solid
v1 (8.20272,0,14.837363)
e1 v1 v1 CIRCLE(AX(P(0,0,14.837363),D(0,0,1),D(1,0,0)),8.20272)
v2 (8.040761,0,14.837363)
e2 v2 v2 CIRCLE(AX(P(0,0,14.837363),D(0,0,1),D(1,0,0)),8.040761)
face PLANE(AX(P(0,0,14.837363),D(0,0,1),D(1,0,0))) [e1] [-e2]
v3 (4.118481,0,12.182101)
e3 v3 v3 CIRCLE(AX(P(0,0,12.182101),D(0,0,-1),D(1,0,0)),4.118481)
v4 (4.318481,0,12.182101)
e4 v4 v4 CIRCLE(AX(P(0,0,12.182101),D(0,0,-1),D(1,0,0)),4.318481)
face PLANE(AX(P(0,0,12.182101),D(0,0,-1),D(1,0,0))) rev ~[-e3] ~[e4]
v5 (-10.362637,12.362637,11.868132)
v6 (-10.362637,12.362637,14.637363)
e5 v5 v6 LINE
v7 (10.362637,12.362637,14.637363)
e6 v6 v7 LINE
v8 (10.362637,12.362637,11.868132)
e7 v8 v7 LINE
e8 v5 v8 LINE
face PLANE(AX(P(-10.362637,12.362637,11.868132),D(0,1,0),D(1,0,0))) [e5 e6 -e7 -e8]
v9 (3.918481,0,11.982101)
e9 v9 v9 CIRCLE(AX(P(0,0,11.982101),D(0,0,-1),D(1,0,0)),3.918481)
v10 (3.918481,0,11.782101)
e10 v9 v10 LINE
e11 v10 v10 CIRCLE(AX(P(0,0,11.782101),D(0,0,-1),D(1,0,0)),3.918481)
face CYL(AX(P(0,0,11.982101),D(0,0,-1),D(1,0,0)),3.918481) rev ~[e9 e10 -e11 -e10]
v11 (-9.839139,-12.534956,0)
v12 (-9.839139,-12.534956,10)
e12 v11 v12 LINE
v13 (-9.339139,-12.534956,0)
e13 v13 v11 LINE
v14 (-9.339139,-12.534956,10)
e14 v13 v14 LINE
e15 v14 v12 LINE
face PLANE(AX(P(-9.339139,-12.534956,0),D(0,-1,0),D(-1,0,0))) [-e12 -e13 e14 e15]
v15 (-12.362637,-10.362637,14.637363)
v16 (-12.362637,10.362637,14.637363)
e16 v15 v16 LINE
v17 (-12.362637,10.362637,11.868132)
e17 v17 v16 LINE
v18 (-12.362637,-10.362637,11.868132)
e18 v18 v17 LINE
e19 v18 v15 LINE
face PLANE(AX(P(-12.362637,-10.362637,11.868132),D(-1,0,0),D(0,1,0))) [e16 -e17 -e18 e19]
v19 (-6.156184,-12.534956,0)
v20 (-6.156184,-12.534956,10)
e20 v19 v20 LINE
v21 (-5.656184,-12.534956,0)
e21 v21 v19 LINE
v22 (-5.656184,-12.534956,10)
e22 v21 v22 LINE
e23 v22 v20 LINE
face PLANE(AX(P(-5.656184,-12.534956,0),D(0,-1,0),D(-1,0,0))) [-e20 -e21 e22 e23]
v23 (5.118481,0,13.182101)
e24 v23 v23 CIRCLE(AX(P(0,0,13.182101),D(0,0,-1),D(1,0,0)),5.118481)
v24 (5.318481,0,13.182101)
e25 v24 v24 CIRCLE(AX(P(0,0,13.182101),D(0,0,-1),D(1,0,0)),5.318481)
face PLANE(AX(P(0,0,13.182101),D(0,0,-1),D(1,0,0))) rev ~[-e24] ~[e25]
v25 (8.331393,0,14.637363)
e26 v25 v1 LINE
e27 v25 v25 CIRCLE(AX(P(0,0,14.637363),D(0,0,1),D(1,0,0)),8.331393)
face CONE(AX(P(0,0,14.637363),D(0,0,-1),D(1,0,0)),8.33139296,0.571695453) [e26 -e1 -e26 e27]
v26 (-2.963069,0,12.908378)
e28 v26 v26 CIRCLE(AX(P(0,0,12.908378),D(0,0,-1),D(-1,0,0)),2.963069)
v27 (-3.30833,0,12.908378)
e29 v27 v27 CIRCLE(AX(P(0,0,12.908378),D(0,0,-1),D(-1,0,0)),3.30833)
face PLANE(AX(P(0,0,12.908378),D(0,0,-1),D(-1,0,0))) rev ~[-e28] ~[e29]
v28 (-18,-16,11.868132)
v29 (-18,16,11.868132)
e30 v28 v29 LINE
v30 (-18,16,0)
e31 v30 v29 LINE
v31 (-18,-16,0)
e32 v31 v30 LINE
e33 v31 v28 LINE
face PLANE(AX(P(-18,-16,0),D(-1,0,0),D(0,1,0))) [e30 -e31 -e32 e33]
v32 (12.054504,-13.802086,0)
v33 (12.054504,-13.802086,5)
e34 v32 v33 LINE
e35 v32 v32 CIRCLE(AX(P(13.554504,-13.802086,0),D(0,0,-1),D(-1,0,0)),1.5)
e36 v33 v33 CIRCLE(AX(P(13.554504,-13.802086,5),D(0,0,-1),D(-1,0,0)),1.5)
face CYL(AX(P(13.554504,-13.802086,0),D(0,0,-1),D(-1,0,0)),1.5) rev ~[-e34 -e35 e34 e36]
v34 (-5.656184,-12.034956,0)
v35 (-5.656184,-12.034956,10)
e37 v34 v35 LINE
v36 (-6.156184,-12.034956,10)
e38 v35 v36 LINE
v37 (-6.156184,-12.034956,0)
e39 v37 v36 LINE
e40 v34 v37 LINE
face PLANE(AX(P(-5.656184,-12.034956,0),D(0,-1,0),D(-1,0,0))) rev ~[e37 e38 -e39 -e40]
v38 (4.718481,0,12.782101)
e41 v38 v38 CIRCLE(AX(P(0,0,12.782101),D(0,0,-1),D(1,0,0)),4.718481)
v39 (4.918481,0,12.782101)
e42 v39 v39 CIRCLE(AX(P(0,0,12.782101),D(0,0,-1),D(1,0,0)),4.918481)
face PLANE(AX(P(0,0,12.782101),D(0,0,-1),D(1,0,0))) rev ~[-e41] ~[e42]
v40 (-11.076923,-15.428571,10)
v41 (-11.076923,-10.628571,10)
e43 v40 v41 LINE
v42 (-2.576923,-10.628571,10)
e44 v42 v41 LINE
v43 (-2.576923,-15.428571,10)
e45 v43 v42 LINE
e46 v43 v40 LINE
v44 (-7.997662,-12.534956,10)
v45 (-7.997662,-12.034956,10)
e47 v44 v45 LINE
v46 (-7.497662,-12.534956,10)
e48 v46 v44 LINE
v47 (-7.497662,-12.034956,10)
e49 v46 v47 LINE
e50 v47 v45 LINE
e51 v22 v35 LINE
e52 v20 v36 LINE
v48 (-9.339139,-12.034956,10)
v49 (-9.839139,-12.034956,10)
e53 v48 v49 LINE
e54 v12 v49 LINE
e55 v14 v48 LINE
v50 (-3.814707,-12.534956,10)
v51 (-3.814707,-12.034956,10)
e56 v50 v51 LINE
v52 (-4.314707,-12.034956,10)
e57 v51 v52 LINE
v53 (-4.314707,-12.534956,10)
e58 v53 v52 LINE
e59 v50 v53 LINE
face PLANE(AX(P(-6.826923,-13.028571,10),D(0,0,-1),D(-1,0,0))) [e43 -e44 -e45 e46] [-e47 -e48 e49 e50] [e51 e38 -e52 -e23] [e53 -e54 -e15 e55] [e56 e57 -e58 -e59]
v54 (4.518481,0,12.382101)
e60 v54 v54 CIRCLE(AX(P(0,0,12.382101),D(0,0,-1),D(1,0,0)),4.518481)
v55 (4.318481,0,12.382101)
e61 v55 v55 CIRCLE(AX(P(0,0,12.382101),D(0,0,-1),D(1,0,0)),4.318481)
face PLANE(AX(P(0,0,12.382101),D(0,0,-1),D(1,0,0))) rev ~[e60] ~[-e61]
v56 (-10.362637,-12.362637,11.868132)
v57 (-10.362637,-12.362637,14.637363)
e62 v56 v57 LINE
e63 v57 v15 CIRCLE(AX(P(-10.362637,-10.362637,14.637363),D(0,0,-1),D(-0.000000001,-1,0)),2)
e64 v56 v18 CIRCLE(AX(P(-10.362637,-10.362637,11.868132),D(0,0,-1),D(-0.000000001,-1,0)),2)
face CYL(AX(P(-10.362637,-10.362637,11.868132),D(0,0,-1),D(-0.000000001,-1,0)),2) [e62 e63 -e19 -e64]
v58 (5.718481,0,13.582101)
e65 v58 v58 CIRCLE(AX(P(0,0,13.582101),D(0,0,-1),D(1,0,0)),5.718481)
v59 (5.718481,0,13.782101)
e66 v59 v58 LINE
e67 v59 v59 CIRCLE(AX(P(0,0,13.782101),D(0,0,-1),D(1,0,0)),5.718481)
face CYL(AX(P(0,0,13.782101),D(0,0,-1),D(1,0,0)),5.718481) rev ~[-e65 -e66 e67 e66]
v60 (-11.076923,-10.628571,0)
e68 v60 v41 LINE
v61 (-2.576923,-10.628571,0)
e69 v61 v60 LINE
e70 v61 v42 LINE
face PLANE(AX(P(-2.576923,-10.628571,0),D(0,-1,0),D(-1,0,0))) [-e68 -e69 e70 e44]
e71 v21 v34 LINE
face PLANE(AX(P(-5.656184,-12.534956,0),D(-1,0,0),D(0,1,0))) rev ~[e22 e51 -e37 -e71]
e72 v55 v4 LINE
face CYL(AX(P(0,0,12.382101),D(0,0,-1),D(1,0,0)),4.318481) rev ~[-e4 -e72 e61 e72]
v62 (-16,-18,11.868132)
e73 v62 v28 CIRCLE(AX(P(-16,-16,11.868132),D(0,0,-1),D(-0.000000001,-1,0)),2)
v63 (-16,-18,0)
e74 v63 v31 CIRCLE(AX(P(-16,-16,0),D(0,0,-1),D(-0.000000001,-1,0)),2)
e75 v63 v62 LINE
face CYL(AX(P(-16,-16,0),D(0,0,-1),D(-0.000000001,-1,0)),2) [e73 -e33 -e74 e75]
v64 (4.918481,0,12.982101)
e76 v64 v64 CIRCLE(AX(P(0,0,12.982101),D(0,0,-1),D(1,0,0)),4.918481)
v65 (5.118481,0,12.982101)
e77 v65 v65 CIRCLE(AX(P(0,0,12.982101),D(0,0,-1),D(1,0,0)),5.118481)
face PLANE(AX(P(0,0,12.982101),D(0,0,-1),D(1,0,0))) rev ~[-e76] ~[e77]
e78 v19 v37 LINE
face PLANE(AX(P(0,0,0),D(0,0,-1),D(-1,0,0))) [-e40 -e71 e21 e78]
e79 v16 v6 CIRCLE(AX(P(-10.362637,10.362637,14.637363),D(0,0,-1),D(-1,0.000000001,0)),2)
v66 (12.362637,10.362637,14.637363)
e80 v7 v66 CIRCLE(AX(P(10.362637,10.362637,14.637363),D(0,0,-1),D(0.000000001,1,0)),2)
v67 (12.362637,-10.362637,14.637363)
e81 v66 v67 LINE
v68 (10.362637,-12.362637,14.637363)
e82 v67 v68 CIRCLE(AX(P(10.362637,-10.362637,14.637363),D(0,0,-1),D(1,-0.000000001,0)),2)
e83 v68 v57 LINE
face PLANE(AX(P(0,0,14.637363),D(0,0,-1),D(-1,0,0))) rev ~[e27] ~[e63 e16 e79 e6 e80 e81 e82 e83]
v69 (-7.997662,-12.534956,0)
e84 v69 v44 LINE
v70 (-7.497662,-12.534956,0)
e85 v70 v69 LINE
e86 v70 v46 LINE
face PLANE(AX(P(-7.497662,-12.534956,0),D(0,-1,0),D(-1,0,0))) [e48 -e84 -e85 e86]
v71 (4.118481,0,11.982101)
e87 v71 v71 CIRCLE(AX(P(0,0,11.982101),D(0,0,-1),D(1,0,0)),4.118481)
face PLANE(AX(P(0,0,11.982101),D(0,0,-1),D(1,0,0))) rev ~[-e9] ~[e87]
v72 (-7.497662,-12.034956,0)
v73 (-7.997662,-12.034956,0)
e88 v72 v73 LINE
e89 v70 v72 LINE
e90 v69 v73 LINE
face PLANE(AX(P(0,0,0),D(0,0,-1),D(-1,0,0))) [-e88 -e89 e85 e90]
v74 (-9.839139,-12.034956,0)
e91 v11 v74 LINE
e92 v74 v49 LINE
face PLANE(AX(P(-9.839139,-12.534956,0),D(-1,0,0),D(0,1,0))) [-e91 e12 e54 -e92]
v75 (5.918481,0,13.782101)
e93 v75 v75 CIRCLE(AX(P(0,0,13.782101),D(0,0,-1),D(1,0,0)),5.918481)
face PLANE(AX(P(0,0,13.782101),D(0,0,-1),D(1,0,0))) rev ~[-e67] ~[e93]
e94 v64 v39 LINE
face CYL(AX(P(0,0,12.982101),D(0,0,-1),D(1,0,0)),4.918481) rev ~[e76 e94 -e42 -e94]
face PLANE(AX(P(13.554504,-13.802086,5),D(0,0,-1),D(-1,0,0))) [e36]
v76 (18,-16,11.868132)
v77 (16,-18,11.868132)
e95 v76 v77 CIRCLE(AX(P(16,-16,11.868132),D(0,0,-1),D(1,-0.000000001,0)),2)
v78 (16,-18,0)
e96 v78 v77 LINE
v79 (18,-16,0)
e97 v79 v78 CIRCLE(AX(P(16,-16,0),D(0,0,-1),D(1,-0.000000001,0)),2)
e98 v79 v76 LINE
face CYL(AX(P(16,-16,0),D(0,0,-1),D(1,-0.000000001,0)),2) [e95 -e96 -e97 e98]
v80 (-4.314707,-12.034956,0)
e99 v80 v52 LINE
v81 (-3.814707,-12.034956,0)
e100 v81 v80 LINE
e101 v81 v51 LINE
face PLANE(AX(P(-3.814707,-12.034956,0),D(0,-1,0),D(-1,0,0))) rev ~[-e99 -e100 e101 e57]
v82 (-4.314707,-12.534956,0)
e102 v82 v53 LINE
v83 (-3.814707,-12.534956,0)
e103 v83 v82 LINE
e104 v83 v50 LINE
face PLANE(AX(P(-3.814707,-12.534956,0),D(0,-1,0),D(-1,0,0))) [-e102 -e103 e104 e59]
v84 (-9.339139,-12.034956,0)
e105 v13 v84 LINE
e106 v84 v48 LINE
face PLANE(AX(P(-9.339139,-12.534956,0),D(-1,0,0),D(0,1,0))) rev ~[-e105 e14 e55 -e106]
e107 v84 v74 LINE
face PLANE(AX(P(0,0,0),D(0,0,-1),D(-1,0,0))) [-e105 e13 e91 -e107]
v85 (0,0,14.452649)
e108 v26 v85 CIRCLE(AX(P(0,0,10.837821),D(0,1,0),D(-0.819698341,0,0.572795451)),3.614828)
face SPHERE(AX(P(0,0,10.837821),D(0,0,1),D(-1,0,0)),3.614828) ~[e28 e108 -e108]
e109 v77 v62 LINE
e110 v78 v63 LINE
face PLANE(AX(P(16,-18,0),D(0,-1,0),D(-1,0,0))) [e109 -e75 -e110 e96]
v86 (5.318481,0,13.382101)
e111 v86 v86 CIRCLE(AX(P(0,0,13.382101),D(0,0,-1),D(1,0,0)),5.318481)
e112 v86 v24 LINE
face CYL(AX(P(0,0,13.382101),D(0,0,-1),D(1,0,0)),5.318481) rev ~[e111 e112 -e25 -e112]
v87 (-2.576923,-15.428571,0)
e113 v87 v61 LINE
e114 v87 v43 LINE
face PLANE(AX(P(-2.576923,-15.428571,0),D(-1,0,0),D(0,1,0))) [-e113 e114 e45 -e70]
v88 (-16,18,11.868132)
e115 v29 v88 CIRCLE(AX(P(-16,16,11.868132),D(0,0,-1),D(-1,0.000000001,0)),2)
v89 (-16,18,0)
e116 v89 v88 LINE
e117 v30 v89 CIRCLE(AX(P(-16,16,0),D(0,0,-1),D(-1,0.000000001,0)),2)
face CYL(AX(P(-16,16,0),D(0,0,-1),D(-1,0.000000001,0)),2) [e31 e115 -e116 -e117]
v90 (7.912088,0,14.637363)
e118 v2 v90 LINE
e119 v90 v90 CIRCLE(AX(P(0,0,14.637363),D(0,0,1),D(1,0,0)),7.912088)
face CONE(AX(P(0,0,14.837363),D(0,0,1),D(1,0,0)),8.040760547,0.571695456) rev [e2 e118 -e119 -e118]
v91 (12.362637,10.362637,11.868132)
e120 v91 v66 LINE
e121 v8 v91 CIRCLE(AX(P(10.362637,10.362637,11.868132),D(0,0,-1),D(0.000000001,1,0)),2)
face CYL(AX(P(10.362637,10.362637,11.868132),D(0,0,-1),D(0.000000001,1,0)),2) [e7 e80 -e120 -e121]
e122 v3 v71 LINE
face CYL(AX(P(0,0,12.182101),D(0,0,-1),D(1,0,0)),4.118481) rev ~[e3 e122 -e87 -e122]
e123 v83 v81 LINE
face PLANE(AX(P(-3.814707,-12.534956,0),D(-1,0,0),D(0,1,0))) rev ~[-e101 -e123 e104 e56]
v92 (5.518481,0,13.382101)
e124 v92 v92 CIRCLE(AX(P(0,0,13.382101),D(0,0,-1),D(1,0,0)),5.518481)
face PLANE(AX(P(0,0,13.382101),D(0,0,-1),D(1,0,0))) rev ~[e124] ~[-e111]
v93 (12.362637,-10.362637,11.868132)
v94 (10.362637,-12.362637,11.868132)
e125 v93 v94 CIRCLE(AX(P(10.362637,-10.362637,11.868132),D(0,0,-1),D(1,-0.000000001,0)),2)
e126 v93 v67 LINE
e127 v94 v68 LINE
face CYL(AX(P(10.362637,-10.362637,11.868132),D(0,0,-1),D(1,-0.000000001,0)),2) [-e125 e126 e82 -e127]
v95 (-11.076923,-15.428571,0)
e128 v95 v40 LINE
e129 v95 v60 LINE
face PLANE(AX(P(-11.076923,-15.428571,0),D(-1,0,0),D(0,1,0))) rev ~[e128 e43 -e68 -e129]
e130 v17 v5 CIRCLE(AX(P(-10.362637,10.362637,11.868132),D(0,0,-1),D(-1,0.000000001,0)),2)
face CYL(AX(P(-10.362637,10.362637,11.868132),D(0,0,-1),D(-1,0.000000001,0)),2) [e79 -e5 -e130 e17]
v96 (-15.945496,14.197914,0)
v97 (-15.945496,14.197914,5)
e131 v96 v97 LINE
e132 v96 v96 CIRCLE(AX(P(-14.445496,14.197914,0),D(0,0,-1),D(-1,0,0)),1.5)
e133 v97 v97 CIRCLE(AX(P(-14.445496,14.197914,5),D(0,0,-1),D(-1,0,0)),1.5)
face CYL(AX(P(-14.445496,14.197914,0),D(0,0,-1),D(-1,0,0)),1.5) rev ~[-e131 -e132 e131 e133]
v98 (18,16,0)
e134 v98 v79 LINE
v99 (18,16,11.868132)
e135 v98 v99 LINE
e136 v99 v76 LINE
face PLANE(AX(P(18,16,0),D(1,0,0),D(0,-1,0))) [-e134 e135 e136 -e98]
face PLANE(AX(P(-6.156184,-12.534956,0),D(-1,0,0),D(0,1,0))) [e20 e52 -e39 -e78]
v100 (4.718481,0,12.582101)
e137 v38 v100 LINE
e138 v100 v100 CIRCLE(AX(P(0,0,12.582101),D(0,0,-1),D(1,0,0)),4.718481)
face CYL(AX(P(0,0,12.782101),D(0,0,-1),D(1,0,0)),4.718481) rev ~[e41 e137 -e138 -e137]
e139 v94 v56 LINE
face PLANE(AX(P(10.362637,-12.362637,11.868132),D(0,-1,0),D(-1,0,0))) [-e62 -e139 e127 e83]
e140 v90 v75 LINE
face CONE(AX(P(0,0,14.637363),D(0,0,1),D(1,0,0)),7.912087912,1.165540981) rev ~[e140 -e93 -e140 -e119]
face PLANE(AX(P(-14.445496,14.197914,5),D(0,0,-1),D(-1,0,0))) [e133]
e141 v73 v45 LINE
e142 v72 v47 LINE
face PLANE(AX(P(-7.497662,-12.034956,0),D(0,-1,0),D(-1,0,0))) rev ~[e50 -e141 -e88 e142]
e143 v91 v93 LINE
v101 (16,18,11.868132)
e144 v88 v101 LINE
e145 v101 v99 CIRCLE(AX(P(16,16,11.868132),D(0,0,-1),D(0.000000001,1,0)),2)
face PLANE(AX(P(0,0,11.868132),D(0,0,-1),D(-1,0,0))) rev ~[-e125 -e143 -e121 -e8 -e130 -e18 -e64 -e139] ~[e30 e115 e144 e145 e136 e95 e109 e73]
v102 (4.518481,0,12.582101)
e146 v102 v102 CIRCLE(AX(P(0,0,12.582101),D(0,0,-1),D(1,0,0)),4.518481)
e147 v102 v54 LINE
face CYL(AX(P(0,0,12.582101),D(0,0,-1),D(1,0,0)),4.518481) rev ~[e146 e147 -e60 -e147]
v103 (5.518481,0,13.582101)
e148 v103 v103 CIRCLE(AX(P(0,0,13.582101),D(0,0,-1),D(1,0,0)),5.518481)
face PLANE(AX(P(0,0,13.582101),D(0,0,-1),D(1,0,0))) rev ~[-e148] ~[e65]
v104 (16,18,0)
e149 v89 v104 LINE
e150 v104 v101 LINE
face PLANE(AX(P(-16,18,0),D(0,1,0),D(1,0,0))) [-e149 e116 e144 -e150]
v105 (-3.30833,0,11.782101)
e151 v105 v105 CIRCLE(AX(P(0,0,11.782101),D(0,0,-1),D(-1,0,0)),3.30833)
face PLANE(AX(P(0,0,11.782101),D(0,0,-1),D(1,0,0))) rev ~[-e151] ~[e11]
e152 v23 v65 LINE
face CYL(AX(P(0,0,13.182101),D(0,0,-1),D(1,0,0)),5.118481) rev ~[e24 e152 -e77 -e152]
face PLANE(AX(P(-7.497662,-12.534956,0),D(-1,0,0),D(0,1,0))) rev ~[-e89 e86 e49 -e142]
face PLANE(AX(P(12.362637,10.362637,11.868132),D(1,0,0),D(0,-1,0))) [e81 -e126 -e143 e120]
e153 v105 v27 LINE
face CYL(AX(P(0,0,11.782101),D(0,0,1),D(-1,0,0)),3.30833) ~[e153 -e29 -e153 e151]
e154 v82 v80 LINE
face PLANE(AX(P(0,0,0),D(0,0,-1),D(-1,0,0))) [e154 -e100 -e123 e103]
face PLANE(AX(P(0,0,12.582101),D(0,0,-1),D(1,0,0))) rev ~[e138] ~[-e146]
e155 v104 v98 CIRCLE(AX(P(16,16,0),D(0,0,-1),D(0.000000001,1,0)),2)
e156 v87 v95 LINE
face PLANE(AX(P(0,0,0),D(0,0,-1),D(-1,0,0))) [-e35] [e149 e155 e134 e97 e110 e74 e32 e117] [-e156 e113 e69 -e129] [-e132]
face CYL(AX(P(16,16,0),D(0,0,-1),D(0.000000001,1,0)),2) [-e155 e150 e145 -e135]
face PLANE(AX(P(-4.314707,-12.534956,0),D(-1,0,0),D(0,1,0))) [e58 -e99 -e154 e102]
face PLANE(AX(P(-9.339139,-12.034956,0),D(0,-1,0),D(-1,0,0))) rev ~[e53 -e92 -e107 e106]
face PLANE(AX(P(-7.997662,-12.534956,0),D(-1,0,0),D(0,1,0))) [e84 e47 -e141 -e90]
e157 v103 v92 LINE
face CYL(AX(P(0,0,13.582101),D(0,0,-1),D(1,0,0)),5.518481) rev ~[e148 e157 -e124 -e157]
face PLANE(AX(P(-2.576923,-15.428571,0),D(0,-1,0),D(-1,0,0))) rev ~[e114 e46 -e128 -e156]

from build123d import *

# Parameters (mm, degrees)
BOSS_EXTRUDE1_DEPTH = 11.868131868
SKETCH2_R           = 1.5
CUT_EXTRUDE1_DEPTH  = 5
BOSS_EXTRUDE2_DEPTH = 2.769230769
SKETCH7_W           = 8.5
SKETCH7_H           = 4.8
SKETCH7_W_2         = 0.5
SKETCH7_H_2         = 0.5
CUT_EXTRUDE2_DEPTH  = 10


with BuildPart() as part:
    # Sketch1 → Boss-Extrude1 (new body)
    with BuildSketch(Plane.XY):
        with BuildLine():
            Line((-16, 18), (16, 18))
            ThreePointArc((16, 18), (17.414213562, 17.414213562), (18, 16))
            Line((18, 16), (18, -16))
            ThreePointArc((18, -16), (17.414213562, -17.414213562), (16, -18))
            Line((16, -18), (-16, -18))
            ThreePointArc((-16, -18), (-17.414213562, -17.414213562), (-18, -16))
            Line((-18, -16), (-18, 16))
            ThreePointArc((-18, 16), (-17.414213562, 17.414213562), (-16, 18))
        make_face()
    extrude(amount=BOSS_EXTRUDE1_DEPTH)

    # Sketch2 → Cut-Extrude1 (cut)
    with BuildSketch(Plane(origin=(0, 0, 0), x_dir=(-1, 0, 0), z_dir=(0, 0, -1))):
        with Locations((-13.554503907, -13.802086098)):
            Circle(SKETCH2_R)
        with Locations((14.445496093, 14.197913902)):
            Circle(SKETCH2_R)
    extrude(amount=-CUT_EXTRUDE1_DEPTH, mode=Mode.SUBTRACT)

    # Sketch3 → Boss-Extrude2 (add)
    with BuildSketch(Plane.XY.offset(11.868131868)):
        with BuildLine():
            Line((-10.362637363, 12.362637363), (10.362637363, 12.362637363))
            ThreePointArc((10.362637363, 12.362637363), (11.776850925, 11.776850925), (12.362637363, 10.362637363))
            Line((12.362637363, 10.362637363), (12.362637363, -10.362637363))
            ThreePointArc((12.362637363, -10.362637363), (11.776850925, -11.776850925), (10.362637363, -12.362637363))
            Line((10.362637363, -12.362637363), (-10.362637363, -12.362637363))
            ThreePointArc((-10.362637363, -12.362637363), (-11.776850925, -11.776850925), (-12.362637363, -10.362637363))
            Line((-12.362637363, -10.362637363), (-12.362637363, 10.362637363))
            ThreePointArc((-12.362637363, 10.362637363), (-11.776850925, 11.776850925), (-10.362637363, 12.362637363))
        make_face()
    extrude(amount=BOSS_EXTRUDE2_DEPTH)

    # Sketch4 → Revolve1 (revolve)
    with BuildSketch(Plane(origin=(0, 0, 0), x_dir=(1, 0, 0), z_dir=(0, 1, 0)), mode=Mode.PRIVATE) as revolve1_sk:
        Polygon((-8.33139296, -14.637362637), (-8.202720326, -14.837362637), (-8.040760547, -14.837362637), (-7.912087912, -14.637362637), align=None)
    revolve(revolve1_sk.sketch.rotate(Axis((0, 0, 15.476177455), (0, 0, 1)), 180), axis=Axis((0, 0, 15.476177455), (0, 0, 1)))

    # Sketch5 → Cut-Revolve1 (revolve, cut)
    with BuildSketch(Plane(origin=(0, 0, 0), x_dir=(1, 0, 0), z_dir=(0, 1, 0)), mode=Mode.PRIVATE) as cut_revolve1_sk:
        Polygon((-7.912087912, -14.637362637), (-5.918480504, -13.782101407), (-5.718480504, -13.782101407), (-5.718480504, -13.582101407), (-5.518480504, -13.582101407), (-5.518480504, -13.382101407), (-5.318480504, -13.382101407), (-5.318480504, -13.182101407), (-5.118480504, -13.182101407), (-5.118480504, -12.982101407), (-4.918480504, -12.982101407), (-4.918480504, -12.782101407), (-4.718480504, -12.782101407), (-4.718480504, -12.582101407), (-4.518480504, -12.582101407), (-4.518480504, -12.382101407), (-4.318480504, -12.382101407), (-4.318480504, -12.182101407), (-4.118480504, -12.182101407), (-4.118480504, -11.982101407), (-3.918480504, -11.982101407), (-3.918480504, -11.782101407), (0, -11.782101407), (0, -14.637362637), align=None)
    revolve(cut_revolve1_sk.sketch.rotate(Axis((0, 0, 19.146341311), (0, 0, -1)), 180), axis=Axis((0, 0, 19.146341311), (0, 0, -1)), mode=Mode.SUBTRACT)

    # Sketch6 → Revolve2 (revolve)
    with BuildSketch(Plane(origin=(0, 0, 0), x_dir=(1, 0, 0), z_dir=(0, 1, 0))):
        with BuildLine():
            Line((-3.308329692, -11.782101407), (-3.308329692, -12.908378043))
            Line((-3.308329692, -12.908378043), (-2.963068503, -12.908378043))
            ThreePointArc((-2.963068503, -12.908378043), (-1.670669607, -14.043416814), (0, -14.452649))
            Line((0, -14.452649), (0, -11.782101407))
            Line((0, -11.782101407), (-3.308329692, -11.782101407))
        make_face()
    revolve(axis=Axis((0, 0, 14.452649), (0, 0, -1)))

    # Sketch7 → Cut-Extrude2 (cut)
    with BuildSketch(Plane(origin=(0, 0, 0), x_dir=(-1, 0, 0), z_dir=(0, 0, -1))):
        with Locations((6.826923077, -13.028571429)):
            Rectangle(SKETCH7_W, SKETCH7_H)
        with Locations((4.064707138, -12.284956035)):
            Rectangle(SKETCH7_W_2, SKETCH7_H_2, mode=Mode.SUBTRACT)
        with Locations((5.906184431, -12.284956035)):
            Rectangle(SKETCH7_W_2, SKETCH7_H_2, mode=Mode.SUBTRACT)
        with Locations((7.747661723, -12.284956035)):
            Rectangle(SKETCH7_W_2, SKETCH7_H_2, mode=Mode.SUBTRACT)
        with Locations((9.589139016, -12.284956035)):
            Rectangle(SKETCH7_W_2, SKETCH7_H_2, mode=Mode.SUBTRACT)
    extrude(amount=-CUT_EXTRUDE2_DEPTH, mode=Mode.SUBTRACT)


solid = part.part
